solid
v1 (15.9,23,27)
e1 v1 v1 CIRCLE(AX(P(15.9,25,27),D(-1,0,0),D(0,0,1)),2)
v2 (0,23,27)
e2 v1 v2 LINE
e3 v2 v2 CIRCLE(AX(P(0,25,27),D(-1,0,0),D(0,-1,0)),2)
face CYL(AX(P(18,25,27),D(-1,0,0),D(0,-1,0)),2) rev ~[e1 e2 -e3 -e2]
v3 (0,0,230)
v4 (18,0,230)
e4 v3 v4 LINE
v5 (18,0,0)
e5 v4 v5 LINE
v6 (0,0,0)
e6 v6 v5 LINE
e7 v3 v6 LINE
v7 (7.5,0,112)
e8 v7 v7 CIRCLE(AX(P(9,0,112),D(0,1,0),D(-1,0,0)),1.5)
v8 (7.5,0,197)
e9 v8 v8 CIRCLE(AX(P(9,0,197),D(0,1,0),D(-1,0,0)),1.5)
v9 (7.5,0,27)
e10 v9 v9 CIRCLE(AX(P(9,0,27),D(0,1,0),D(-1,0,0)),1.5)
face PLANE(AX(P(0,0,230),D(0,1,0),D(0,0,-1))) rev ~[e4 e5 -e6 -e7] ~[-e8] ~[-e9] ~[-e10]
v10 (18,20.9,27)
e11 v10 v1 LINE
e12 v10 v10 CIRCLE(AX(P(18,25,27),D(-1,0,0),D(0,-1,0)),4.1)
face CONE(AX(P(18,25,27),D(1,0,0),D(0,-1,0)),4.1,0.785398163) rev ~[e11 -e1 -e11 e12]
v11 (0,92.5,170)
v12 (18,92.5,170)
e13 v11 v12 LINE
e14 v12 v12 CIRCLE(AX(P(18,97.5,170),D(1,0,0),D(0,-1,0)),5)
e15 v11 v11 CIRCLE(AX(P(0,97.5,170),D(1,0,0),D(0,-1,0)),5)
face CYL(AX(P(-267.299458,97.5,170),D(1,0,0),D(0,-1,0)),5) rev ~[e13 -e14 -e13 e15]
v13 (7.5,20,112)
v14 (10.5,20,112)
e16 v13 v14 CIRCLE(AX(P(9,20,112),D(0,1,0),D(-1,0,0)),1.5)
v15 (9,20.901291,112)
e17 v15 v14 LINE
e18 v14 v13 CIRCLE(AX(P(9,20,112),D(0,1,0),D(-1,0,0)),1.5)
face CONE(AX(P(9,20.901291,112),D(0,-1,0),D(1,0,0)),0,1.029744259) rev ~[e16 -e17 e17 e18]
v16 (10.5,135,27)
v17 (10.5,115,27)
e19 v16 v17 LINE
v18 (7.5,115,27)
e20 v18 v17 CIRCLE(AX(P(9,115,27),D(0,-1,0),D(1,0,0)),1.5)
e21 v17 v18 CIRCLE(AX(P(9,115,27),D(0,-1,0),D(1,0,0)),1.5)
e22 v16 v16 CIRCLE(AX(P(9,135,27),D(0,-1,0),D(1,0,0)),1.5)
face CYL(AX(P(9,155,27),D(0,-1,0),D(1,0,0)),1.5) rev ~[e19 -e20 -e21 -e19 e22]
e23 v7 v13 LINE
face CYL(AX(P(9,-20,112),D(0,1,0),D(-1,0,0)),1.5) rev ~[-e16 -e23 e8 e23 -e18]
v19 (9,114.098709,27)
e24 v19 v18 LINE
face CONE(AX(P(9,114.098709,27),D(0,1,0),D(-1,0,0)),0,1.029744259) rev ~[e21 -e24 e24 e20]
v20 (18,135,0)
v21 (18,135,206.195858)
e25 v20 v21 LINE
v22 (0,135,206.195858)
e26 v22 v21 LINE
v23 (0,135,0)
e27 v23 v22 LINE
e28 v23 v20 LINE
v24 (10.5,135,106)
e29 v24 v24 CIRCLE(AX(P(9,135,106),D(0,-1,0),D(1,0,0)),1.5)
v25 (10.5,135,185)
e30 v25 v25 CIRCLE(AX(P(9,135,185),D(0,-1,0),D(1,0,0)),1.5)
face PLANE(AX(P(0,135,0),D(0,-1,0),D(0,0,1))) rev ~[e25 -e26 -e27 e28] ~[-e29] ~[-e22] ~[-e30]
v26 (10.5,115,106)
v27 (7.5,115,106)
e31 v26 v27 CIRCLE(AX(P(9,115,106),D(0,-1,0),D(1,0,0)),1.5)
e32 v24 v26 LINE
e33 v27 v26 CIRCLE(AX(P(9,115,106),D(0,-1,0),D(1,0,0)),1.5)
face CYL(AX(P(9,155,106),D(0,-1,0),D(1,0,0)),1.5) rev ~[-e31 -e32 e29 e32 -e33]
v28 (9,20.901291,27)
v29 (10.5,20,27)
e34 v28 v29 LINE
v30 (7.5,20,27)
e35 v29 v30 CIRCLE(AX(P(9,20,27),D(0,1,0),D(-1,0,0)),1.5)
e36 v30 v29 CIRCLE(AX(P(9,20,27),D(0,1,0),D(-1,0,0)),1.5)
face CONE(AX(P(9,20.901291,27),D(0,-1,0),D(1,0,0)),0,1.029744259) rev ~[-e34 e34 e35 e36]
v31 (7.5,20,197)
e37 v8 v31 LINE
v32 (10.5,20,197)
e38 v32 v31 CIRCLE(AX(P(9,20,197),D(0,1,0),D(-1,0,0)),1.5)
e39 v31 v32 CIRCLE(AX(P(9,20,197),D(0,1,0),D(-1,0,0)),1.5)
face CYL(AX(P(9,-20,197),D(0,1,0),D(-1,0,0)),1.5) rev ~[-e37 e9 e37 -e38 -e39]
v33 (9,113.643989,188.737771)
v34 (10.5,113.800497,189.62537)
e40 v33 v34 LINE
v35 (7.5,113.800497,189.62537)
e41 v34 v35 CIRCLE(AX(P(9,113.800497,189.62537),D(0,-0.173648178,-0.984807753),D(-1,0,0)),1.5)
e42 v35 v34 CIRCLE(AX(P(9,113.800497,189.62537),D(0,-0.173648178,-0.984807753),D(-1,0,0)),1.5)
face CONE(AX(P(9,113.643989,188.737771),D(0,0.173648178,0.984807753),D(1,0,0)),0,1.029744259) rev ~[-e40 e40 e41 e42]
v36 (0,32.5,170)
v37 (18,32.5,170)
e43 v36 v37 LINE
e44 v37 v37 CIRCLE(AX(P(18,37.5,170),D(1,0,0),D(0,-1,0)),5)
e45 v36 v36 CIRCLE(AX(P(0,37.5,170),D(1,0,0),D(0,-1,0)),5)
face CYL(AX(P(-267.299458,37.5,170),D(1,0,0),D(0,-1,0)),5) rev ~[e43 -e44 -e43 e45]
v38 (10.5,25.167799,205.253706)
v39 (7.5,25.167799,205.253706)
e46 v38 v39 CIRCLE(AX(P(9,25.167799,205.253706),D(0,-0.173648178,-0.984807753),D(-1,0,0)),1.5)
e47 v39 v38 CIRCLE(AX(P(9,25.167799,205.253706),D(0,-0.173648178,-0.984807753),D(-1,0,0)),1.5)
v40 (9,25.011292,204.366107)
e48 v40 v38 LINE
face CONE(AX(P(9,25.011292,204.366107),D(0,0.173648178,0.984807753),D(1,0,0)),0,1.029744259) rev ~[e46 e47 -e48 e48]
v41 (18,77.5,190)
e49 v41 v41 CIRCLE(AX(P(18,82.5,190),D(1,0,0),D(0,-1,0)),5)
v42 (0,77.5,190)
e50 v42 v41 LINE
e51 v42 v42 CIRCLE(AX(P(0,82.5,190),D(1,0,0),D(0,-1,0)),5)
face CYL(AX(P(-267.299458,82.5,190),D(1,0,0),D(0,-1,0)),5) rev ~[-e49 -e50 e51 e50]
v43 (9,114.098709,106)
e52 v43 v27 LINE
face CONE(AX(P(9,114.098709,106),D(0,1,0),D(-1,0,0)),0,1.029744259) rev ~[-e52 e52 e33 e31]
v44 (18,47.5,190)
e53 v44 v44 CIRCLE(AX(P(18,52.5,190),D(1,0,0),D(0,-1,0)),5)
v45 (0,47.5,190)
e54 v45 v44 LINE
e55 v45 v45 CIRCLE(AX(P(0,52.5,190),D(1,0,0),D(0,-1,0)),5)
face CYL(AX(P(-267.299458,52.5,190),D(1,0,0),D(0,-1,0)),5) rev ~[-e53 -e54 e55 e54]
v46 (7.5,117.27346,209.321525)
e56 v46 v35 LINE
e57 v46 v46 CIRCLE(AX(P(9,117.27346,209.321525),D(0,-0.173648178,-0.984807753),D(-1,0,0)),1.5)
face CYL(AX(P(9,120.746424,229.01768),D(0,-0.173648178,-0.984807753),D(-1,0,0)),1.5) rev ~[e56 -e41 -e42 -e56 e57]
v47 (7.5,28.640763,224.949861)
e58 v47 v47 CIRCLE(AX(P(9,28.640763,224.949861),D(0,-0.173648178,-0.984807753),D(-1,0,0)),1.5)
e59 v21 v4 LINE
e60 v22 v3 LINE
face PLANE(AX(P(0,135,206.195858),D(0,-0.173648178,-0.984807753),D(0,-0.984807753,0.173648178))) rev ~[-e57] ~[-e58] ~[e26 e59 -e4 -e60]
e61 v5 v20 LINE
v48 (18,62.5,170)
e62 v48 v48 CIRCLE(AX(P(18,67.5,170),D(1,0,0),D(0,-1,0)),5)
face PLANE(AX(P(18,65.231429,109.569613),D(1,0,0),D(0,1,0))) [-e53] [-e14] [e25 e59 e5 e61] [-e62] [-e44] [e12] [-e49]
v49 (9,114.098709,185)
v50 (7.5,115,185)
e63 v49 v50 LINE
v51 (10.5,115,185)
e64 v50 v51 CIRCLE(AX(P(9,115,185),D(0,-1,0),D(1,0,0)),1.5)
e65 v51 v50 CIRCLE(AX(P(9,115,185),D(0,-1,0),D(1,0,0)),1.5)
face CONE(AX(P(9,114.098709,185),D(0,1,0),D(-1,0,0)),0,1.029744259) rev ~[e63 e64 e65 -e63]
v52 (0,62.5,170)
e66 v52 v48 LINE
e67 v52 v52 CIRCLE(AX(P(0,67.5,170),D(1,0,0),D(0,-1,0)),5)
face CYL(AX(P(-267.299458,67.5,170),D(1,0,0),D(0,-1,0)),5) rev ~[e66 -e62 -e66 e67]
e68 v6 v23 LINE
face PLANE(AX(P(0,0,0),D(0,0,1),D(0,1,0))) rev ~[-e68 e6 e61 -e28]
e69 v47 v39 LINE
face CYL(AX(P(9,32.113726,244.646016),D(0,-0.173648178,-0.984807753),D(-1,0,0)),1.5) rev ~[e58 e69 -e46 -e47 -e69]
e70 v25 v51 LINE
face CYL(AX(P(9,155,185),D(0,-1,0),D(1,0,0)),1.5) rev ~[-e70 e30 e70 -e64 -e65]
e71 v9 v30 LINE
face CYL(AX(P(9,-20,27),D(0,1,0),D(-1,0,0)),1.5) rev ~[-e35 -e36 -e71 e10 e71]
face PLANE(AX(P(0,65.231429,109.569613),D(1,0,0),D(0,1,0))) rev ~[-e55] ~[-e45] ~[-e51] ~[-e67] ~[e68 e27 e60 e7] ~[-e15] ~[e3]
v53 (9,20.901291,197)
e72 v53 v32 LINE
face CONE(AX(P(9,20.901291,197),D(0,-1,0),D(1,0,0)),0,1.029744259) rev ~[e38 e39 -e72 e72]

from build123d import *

# Parameters (mm, degrees)
F1_DEPTH       = 18
F2_D           = 10
F3_D           = 10
F5_D           = 4
F5_CSINK_D     = 8.2
F5_CSINK_ANGLE = 90
F7_D           = 3
F7_DEPTH       = 20
F7_TIP         = 0.9012909285
F9_D           = 3
F9_DEPTH       = 20
F9_TIP         = 0.9012909285
F11_D          = 3
F11_DEPTH      = 20
F11_TIP        = 0.9012909285


with BuildPart() as f1:
    # F0 (on Right) → F1 (new body)
    with BuildSketch(Plane.YZ):
        Polygon((0, 230), (0, 0), (135, 0), (135, 206.1958576044), align=None)
    extrude(amount=F1_DEPTH)

    # F2 (through all)
    with Locations(Plane(origin=(0, 0, 0), x_dir=(0, 1, 0), z_dir=(-1, 0, 0))):
        with Locations((37.5, -170), (67.5, -170), (97.5, -170)):
            Hole(F2_D / 2)

    # F3 (through all)
    with Locations(Plane(origin=(0, 0, 0), x_dir=(0, 1, 0), z_dir=(-1, 0, 0))):
        with Locations((52.5, -190), (82.5, -190)):
            Hole(F3_D / 2)

    # F5 (through all)
    with Locations(Plane.YZ.offset(18)):
        with Locations((25, 27)):
            CounterSinkHole(F5_D / 2, F5_CSINK_D / 2, counter_sink_angle=F5_CSINK_ANGLE)

    # F7
    with Locations(Plane(origin=(0, 135, 0), x_dir=(-1, 0, 0), z_dir=(0, 1, 0))):
        with Locations((-9, 27), (-9, 106), (-9, 185)):
            Hole(F7_D / 2, depth=F7_DEPTH)
            with Locations((0, 0, -(F7_DEPTH + F7_TIP / 2))):  # 118° drill point
                Cone(0, F7_D / 2, F7_TIP, mode=Mode.SUBTRACT)

    # F9
    with Locations(Plane.XZ):
        with Locations((9, 197), (9, 112), (9, 27)):
            Hole(F9_D / 2, depth=F9_DEPTH)
            with Locations((0, 0, -(F9_DEPTH + F9_TIP / 2))):  # 118° drill point
                Cone(0, F9_D / 2, F9_TIP, mode=Mode.SUBTRACT)

    # F11
    with Locations(Plane(origin=(0, 39.3323164825, 223.0646513904), x_dir=(1, 0, 0), z_dir=(0, 0.1736481777, 0.984807753))):
        with Locations((9, -10.8564882588), (9, 79.1435117412)):
            Hole(F11_D / 2, depth=F11_DEPTH)
            with Locations((0, 0, -(F11_DEPTH + F11_TIP / 2))):  # 118° drill point
                Cone(0, F11_D / 2, F11_TIP, mode=Mode.SUBTRACT)


solid = f1.part
